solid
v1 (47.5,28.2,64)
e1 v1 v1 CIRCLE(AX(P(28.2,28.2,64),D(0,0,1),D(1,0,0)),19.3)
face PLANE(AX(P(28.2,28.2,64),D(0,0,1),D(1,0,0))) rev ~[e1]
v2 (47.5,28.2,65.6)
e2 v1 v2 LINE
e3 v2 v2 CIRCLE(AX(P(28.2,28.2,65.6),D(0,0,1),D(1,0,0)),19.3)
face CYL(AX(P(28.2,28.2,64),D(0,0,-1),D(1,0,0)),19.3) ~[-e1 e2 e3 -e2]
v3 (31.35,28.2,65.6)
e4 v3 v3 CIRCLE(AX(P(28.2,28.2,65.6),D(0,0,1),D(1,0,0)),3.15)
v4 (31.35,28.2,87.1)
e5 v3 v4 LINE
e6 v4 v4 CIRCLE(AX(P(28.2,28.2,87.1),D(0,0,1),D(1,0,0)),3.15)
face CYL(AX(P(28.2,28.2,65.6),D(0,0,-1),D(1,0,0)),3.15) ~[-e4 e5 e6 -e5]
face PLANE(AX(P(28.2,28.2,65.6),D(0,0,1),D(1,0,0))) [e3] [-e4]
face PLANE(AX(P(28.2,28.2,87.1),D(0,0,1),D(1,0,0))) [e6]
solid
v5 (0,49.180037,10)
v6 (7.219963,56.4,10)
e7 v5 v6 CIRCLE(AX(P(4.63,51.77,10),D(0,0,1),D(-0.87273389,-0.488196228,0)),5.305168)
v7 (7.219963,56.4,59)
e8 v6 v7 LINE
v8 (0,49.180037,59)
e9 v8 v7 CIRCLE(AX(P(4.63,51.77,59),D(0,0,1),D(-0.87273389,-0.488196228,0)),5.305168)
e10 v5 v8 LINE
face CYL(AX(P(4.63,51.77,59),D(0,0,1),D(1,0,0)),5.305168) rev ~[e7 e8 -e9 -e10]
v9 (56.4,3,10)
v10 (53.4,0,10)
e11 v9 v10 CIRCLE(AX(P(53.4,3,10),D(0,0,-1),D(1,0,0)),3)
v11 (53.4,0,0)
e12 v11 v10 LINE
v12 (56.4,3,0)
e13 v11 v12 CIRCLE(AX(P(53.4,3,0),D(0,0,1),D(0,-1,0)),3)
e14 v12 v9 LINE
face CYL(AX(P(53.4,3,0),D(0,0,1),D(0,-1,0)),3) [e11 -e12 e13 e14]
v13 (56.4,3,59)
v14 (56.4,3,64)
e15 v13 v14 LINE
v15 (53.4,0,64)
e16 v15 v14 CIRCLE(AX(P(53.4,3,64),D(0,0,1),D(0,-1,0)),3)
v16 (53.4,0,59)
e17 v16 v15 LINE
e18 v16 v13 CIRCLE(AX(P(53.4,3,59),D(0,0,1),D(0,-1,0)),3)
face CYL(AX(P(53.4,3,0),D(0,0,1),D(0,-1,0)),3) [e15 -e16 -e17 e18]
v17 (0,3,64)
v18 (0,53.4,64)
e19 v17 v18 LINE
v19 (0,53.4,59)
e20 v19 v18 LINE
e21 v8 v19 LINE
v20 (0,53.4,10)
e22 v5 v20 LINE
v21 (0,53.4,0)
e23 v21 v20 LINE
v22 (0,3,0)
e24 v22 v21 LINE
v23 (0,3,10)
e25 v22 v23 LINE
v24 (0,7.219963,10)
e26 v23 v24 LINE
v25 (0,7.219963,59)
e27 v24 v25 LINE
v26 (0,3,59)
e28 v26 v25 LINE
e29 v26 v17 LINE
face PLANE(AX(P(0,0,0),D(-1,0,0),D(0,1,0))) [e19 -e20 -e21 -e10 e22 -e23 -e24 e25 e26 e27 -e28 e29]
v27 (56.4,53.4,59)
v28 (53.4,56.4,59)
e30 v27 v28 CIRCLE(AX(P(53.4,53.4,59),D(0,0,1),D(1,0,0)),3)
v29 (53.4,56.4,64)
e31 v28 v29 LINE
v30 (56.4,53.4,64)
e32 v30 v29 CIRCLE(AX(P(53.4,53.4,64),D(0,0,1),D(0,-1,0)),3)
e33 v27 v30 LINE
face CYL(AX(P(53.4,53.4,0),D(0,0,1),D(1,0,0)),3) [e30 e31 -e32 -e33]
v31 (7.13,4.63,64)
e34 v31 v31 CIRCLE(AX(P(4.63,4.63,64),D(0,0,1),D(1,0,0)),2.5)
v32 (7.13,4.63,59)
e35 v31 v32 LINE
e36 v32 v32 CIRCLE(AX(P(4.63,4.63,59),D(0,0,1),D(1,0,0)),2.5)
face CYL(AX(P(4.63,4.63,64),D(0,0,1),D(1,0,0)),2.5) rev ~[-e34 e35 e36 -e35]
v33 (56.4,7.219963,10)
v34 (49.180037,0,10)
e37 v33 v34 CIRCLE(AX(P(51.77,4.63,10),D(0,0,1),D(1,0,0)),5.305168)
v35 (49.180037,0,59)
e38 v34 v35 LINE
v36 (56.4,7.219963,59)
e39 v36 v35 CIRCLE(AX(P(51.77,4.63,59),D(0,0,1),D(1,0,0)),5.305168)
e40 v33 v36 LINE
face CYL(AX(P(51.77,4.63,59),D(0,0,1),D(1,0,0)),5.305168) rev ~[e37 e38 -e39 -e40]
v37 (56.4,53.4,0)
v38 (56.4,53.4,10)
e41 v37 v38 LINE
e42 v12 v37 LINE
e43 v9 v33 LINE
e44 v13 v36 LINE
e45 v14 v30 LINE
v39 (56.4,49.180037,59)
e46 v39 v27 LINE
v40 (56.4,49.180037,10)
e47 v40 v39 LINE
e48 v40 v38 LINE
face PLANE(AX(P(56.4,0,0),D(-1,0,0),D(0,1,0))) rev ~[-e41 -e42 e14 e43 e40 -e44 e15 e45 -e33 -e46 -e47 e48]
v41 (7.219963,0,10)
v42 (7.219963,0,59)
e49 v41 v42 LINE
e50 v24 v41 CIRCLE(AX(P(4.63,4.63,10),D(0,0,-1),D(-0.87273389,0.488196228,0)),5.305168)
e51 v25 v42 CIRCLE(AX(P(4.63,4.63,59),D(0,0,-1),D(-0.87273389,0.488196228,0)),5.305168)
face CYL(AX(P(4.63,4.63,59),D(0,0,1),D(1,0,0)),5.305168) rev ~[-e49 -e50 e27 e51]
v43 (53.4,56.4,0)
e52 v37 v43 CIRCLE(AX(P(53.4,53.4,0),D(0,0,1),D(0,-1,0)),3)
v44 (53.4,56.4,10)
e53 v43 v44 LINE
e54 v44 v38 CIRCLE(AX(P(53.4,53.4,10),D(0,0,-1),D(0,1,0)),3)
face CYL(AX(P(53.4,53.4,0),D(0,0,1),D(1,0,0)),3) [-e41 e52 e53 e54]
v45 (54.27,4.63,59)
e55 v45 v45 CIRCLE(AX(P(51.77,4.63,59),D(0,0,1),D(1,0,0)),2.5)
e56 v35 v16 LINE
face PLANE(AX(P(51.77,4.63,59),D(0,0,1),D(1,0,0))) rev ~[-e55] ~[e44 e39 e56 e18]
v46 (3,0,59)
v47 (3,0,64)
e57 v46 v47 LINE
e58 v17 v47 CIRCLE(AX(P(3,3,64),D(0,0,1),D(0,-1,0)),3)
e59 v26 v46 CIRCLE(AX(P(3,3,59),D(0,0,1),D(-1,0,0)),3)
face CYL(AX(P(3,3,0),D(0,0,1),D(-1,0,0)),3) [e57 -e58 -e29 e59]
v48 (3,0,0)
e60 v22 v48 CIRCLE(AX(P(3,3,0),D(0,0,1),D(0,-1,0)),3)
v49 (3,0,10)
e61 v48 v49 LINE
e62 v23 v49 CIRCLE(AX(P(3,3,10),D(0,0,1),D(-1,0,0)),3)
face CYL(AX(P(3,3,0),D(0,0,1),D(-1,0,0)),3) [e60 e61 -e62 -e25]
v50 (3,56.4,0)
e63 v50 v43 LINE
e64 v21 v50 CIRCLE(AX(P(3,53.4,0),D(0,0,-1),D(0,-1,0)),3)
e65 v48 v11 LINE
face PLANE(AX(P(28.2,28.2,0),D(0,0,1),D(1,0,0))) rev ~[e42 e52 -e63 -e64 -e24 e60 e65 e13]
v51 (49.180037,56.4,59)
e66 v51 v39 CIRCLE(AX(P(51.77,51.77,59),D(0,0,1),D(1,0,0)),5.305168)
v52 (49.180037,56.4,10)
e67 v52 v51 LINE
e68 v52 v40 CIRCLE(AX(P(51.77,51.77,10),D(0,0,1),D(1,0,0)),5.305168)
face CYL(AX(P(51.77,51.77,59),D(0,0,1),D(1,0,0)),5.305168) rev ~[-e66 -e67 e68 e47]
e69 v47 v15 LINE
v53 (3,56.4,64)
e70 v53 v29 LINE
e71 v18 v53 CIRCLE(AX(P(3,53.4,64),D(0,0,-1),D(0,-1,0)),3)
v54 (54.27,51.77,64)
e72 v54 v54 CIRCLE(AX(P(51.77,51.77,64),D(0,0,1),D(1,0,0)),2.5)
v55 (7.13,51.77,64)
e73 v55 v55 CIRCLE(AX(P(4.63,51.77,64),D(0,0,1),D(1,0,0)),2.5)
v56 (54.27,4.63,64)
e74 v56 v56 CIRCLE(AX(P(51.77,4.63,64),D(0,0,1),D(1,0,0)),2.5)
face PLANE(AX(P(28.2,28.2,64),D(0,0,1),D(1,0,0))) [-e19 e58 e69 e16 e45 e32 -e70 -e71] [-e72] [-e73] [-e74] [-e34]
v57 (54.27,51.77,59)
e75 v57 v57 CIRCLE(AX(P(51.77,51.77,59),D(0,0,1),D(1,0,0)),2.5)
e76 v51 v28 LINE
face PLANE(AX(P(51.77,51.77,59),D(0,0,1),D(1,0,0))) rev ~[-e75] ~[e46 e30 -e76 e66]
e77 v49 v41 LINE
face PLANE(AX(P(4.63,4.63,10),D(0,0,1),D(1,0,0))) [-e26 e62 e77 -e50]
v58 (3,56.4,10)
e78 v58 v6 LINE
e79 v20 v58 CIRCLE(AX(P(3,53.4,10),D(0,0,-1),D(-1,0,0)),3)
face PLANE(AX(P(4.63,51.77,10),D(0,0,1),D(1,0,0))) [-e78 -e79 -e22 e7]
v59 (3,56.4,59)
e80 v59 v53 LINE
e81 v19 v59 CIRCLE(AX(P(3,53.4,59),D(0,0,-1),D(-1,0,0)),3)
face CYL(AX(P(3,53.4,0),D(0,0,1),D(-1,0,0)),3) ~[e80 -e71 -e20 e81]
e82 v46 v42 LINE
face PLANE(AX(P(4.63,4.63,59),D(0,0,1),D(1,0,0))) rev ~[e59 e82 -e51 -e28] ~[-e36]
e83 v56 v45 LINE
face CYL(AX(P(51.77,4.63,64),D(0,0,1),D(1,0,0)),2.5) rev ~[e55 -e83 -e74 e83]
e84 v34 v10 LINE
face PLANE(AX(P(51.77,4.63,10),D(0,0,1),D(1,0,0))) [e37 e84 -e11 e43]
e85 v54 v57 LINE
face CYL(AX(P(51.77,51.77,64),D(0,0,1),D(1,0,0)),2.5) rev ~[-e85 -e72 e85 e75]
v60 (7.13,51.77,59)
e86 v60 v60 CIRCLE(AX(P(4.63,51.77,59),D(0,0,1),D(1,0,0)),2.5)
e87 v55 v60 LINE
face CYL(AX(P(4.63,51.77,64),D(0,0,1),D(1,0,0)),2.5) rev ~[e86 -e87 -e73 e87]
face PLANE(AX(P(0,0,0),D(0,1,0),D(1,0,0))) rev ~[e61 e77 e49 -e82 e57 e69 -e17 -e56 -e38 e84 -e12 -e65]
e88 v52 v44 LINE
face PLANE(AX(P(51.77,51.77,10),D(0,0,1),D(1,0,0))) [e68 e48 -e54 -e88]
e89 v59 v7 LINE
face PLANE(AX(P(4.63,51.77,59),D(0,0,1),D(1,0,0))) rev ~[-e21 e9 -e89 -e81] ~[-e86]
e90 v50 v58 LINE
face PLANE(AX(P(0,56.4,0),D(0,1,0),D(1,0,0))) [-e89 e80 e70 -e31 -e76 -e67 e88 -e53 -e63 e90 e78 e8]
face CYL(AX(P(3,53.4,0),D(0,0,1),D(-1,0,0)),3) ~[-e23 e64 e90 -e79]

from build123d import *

# Parameters (mm, degrees)
SKETCH1_W          = 56.4
SKETCH1_H          = 56.4
EXTRUDE1_DEPTH     = 64
SKETCH2_R          = 19.3
EXTRUDE2_DEPTH     = 1.6
SKETCH3_R          = 3.15
EXTRUDE3_DEPTH     = 21.5
FILLET1_R          = 3
SKETCH4_R          = 2.5
CUT_EXTRUDE1_DEPTH = 6
SKETCH6_R          = 5.305168107
CUT_EXTRUDE2_DEPTH = 49


with BuildPart() as part:
    # Sketch1 → Extrude1 (new body)
    with BuildSketch(Plane.XY):
        with Locations((28.2, 28.2)):
            Rectangle(SKETCH1_W, SKETCH1_H)
    extrude(amount=EXTRUDE1_DEPTH)

    # Fillet1
    fillet1_edges = [part.edges().sort_by_distance(p)[0] for p in [
        (0, 56.4, 32),
        (56.4, 56.4, 32),
        (56.4, 0, 32),
        (0, 0, 32),
    ]]
    fillet(fillet1_edges, radius=FILLET1_R)

    # Sketch4 → Cut-Extrude1 (cut)
    with BuildSketch(Plane.XY.offset(64)):
        with Locations((4.63, 51.77)):
            Circle(SKETCH4_R)
        with Locations((51.77, 51.77)):
            Circle(SKETCH4_R)
        with Locations((51.77, 4.63)):
            Circle(SKETCH4_R)
        with Locations((4.63, 4.63)):
            Circle(SKETCH4_R)
    extrude(amount=-CUT_EXTRUDE1_DEPTH, mode=Mode.SUBTRACT)

    # Sketch6 → Cut-Extrude2 (cut)
    with BuildSketch(Plane.XY.offset(59)):
        with Locations((4.63, 51.77)):
            Circle(SKETCH6_R)
        with Locations((51.77, 51.77)):
            Circle(SKETCH6_R)
        with Locations((4.63, 4.63)):
            Circle(SKETCH6_R)
        with Locations((51.77, 4.63)):
            Circle(SKETCH6_R)
    extrude(amount=-CUT_EXTRUDE2_DEPTH, mode=Mode.SUBTRACT)


with BuildPart() as body_2:
    # Sketch2 → Extrude2 (new body)
    with BuildSketch(Plane.XY.offset(64)):
        with Locations((28.2, 28.2)):
            Circle(SKETCH2_R)
    extrude(amount=EXTRUDE2_DEPTH)

    # Sketch3 → Extrude3 (add)
    with BuildSketch(Plane.XY.offset(65.6)):
        with Locations((28.2, 28.2)):
            Circle(SKETCH3_R)
    extrude(amount=EXTRUDE3_DEPTH)


solid = Compound([part.part, body_2.part])
